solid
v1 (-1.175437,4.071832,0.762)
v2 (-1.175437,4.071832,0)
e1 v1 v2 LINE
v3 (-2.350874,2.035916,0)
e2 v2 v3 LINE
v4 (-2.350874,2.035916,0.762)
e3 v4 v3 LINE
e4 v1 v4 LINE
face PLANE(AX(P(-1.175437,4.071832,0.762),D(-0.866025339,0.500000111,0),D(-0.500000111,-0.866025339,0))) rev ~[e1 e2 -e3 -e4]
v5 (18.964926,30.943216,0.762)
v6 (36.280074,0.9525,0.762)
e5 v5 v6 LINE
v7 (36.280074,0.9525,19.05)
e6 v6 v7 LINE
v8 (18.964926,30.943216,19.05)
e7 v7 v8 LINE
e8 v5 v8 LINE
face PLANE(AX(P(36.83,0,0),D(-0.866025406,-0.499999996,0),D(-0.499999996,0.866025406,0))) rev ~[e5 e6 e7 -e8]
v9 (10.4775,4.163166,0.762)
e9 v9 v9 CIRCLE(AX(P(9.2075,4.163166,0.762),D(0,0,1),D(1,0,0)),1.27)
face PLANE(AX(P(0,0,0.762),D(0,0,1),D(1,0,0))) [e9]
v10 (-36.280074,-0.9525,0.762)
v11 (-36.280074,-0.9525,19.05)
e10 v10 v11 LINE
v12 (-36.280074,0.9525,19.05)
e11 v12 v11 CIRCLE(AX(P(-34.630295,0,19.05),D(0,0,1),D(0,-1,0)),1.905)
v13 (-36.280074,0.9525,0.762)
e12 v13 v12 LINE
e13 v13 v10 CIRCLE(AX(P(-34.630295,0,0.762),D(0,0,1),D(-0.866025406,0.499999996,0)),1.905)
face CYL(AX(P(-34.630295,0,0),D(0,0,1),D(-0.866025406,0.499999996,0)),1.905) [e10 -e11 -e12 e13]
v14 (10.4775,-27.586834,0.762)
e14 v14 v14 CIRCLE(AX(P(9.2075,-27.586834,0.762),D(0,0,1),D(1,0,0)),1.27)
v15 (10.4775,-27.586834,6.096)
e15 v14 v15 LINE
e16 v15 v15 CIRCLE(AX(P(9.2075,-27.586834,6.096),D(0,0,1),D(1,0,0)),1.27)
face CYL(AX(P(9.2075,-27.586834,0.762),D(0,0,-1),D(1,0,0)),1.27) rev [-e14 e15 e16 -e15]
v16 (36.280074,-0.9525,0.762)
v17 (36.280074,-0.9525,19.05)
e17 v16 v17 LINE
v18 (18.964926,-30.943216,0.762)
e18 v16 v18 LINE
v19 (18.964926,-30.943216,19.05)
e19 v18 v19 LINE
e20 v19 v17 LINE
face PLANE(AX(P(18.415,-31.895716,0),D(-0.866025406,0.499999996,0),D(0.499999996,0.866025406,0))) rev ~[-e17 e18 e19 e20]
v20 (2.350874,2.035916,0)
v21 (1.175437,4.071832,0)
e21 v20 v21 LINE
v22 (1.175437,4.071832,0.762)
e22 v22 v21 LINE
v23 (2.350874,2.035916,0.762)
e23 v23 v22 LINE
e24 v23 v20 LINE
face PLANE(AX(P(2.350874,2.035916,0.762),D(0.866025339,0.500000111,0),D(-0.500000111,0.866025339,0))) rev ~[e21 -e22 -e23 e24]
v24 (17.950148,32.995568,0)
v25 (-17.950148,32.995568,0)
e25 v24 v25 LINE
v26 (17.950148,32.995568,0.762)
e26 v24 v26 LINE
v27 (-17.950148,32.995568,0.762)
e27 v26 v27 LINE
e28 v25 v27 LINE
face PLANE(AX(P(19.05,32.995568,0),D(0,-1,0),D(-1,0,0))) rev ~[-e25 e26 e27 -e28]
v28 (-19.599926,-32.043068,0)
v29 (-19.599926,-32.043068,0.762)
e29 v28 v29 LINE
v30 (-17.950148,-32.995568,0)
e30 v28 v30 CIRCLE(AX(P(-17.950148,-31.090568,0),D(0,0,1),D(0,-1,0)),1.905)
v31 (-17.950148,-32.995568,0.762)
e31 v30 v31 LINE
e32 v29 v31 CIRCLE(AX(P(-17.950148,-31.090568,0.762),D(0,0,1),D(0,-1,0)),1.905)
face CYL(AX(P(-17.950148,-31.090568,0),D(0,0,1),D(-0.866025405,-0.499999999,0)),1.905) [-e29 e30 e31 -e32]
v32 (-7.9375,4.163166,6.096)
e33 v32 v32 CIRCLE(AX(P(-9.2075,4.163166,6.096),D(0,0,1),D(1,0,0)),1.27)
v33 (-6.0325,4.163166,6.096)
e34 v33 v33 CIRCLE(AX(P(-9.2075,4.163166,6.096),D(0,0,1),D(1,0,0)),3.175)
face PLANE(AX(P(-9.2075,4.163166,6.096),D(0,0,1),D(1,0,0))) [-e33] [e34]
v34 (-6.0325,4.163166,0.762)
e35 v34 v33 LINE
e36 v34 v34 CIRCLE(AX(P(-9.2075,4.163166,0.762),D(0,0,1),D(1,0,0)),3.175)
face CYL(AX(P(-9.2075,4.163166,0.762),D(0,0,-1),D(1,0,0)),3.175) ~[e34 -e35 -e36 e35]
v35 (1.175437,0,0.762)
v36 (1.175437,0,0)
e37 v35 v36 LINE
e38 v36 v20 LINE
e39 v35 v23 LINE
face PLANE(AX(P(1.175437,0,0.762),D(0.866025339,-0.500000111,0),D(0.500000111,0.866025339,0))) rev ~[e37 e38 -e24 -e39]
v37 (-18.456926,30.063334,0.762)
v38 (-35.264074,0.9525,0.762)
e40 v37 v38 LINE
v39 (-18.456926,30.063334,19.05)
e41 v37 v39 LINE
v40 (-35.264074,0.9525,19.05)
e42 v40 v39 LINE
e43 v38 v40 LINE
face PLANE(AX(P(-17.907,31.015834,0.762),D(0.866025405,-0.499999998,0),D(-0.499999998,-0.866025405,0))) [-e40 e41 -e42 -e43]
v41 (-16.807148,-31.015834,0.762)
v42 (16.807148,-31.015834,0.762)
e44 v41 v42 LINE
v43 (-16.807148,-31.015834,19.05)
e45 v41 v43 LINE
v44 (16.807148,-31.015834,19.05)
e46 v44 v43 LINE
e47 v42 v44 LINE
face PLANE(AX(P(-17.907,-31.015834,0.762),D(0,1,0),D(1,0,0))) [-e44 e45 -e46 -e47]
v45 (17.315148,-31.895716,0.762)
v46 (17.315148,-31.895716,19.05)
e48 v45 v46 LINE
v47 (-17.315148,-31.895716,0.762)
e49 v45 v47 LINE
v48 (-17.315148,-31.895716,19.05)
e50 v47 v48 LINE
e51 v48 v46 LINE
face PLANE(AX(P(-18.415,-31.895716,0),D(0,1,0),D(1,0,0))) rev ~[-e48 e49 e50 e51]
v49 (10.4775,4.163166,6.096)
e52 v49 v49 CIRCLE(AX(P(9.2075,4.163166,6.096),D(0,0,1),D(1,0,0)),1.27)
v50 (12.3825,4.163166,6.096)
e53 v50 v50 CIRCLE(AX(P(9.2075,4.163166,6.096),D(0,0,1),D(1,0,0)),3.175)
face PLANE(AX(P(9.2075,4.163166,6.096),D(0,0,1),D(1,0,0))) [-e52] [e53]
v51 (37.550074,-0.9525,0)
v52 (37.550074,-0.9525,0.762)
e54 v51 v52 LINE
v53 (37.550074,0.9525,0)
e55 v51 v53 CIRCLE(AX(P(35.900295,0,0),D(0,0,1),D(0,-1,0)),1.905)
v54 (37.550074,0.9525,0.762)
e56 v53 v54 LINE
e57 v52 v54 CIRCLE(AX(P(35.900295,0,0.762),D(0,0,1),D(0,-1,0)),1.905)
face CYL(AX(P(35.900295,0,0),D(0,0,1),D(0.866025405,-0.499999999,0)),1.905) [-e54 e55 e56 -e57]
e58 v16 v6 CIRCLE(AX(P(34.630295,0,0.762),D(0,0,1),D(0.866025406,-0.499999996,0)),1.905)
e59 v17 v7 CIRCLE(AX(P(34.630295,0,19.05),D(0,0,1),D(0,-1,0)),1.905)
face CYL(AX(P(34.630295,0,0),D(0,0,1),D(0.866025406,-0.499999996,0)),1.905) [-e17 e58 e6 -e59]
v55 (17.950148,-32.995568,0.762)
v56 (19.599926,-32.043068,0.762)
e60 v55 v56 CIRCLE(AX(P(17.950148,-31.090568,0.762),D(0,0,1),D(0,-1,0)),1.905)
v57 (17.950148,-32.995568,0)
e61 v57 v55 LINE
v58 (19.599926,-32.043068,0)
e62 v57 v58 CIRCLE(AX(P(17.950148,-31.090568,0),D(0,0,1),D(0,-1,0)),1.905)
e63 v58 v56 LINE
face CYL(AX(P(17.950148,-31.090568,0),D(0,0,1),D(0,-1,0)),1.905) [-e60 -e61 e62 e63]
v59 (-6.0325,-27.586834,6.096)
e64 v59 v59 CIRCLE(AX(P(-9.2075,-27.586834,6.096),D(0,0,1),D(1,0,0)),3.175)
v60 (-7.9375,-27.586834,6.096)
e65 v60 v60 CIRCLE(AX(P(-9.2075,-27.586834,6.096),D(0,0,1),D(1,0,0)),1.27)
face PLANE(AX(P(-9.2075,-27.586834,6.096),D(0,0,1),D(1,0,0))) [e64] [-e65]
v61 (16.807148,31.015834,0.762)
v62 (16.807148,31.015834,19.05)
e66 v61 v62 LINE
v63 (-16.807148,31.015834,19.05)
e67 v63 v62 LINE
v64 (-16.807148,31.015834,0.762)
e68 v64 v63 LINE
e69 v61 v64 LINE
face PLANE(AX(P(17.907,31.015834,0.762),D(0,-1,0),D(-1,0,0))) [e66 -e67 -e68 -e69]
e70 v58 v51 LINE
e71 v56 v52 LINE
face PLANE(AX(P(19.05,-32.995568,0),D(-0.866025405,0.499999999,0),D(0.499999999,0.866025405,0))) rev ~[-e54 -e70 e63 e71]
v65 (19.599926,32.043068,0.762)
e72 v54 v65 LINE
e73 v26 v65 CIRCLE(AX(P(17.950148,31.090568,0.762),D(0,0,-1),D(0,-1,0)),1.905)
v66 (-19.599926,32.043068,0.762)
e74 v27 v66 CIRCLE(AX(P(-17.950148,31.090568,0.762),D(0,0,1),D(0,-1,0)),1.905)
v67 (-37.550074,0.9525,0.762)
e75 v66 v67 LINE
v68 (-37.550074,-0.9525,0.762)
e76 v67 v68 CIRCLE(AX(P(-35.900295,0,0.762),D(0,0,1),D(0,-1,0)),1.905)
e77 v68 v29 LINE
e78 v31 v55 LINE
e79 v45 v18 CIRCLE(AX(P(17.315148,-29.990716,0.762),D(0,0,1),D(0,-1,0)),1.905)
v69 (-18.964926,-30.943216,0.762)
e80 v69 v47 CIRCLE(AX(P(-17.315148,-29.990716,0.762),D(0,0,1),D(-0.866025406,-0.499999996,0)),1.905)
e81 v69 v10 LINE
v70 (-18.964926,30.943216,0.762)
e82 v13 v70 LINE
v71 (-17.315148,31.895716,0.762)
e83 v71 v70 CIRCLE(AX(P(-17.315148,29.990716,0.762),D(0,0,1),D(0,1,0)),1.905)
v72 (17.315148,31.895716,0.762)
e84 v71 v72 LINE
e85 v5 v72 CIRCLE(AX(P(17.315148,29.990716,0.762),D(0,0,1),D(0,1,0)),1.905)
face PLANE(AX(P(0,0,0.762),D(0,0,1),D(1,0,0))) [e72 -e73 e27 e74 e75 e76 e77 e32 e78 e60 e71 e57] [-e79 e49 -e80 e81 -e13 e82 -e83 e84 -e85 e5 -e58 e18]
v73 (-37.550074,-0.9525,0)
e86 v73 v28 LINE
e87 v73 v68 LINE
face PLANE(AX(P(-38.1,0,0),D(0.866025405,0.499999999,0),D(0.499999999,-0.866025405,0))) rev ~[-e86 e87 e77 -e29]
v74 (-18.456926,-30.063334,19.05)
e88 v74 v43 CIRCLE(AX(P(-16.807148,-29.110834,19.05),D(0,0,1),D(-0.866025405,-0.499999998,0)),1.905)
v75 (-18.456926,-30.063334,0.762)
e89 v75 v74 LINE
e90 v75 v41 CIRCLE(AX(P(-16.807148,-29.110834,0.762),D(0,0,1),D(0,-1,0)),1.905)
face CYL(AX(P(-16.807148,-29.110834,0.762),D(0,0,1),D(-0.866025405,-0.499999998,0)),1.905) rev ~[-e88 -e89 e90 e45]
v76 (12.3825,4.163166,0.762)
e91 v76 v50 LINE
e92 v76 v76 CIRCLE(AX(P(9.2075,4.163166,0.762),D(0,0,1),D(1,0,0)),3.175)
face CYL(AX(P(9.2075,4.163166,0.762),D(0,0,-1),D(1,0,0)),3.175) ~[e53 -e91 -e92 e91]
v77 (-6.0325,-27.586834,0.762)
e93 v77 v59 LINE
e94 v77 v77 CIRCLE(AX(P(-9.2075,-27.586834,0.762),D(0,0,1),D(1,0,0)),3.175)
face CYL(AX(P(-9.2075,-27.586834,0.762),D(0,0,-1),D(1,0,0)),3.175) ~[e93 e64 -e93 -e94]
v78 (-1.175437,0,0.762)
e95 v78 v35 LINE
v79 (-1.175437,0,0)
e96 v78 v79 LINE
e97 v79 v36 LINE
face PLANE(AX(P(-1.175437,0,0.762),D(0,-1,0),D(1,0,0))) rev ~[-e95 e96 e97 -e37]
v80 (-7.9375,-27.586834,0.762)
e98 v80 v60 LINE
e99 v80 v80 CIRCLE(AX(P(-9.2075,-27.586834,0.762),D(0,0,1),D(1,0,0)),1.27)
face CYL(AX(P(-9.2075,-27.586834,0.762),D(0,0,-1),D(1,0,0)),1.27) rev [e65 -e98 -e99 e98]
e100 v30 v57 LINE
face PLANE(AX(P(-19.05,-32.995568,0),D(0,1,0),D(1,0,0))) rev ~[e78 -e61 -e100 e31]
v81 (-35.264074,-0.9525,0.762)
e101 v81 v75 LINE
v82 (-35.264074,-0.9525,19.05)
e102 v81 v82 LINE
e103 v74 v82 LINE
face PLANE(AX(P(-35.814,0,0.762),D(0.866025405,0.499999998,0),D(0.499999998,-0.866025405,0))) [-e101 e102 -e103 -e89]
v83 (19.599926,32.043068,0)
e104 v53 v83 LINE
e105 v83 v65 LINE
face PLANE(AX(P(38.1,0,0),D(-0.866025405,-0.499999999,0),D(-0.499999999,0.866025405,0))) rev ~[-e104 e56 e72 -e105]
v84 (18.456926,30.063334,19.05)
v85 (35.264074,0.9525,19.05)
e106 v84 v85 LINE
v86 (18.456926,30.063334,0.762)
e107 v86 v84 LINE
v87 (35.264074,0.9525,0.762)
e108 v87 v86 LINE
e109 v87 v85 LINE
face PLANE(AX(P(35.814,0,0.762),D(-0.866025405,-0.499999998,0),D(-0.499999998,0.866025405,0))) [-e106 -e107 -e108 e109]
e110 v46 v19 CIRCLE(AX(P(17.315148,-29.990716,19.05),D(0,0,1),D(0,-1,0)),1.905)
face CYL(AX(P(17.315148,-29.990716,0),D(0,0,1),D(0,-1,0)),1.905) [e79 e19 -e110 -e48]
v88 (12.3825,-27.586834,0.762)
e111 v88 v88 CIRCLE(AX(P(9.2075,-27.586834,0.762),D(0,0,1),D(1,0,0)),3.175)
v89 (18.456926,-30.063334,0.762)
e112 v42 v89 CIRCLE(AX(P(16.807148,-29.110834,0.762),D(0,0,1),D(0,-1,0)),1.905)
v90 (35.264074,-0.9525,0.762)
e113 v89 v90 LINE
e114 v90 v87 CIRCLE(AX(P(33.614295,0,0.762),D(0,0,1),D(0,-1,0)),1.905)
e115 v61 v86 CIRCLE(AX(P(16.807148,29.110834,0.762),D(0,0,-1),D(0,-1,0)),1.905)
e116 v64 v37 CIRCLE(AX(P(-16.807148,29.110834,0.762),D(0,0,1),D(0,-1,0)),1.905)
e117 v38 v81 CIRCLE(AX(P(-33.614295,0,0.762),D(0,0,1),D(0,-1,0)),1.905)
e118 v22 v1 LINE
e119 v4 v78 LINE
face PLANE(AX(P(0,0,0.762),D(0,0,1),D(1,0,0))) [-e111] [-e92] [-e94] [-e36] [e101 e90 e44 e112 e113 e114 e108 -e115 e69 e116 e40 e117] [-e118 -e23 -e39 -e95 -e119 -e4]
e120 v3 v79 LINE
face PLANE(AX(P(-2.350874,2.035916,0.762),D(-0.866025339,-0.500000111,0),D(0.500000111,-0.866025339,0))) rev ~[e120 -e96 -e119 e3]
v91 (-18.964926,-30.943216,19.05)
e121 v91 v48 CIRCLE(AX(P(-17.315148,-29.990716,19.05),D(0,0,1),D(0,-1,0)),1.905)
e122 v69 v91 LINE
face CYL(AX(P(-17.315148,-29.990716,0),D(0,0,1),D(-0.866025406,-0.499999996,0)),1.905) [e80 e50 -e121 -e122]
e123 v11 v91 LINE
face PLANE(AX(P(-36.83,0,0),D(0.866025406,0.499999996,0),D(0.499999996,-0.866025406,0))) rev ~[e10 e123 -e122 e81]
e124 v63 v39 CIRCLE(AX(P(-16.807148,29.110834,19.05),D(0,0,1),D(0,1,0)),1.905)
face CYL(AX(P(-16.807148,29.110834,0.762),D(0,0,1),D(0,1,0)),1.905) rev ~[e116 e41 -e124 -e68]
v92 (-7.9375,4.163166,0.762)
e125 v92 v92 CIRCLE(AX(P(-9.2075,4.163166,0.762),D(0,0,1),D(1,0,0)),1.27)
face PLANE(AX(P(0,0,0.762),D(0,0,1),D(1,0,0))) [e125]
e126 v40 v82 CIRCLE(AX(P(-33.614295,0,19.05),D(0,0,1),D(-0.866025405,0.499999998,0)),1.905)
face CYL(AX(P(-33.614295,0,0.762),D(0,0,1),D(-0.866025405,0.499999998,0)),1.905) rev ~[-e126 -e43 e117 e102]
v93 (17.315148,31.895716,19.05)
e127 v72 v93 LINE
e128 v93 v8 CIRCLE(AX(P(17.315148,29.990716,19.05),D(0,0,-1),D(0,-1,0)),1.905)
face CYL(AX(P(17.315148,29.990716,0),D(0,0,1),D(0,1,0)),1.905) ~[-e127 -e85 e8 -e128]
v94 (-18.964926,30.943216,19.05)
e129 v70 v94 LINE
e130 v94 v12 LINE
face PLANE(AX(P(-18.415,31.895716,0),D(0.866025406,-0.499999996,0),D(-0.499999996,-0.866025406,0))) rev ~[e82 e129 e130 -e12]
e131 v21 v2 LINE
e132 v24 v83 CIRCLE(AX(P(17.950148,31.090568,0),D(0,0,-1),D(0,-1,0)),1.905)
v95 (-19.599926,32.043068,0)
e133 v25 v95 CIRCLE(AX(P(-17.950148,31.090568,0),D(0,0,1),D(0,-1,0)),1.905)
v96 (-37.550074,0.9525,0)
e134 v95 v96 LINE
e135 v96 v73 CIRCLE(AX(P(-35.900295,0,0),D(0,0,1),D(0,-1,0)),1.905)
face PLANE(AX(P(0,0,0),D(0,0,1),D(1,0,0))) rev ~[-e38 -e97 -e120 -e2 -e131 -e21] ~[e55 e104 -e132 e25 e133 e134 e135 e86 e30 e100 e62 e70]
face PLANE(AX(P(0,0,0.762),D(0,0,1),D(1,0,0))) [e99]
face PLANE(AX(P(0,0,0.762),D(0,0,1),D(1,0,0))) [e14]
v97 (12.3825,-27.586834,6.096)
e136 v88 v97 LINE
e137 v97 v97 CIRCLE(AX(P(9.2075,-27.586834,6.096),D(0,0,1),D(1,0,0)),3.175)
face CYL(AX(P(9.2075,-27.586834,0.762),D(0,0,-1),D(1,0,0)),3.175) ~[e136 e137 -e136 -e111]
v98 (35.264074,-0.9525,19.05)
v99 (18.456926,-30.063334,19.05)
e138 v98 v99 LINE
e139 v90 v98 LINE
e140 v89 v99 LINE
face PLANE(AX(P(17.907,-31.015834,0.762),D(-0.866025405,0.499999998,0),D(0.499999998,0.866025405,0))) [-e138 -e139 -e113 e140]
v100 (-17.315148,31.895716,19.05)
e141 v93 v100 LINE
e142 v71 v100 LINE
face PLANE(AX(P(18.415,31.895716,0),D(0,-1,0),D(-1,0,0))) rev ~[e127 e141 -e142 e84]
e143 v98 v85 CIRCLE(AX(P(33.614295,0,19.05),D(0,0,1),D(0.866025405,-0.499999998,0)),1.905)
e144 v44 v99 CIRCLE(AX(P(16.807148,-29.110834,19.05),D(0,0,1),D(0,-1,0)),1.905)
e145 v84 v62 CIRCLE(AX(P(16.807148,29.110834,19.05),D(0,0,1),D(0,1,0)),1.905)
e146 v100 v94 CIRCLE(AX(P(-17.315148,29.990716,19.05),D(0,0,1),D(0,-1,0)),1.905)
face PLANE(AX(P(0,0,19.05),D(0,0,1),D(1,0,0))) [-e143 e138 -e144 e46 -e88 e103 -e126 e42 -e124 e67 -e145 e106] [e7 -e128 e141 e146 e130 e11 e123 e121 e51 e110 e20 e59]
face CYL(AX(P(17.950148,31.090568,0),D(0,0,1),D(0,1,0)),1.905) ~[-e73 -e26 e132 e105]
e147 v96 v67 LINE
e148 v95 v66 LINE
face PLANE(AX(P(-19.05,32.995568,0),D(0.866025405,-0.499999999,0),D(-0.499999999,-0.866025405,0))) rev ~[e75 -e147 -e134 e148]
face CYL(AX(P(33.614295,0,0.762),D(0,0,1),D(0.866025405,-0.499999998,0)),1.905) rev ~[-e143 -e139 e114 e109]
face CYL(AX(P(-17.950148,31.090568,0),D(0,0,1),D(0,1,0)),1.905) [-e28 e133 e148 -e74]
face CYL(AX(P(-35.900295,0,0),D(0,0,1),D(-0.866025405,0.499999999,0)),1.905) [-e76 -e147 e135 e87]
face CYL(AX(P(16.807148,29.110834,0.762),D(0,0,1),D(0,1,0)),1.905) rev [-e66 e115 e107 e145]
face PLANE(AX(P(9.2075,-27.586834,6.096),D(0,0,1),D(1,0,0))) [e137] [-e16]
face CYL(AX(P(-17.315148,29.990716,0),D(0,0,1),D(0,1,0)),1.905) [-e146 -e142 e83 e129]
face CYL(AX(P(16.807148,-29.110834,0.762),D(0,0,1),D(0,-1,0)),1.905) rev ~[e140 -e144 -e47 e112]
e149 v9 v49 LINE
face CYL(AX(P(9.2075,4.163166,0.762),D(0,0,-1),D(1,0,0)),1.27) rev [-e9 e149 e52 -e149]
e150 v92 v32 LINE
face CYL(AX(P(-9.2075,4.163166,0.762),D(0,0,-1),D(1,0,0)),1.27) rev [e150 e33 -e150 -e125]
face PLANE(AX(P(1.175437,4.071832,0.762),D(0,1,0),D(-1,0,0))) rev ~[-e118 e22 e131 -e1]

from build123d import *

# Parameters (mm, degrees)
F1_DEPTH  = 0.762
F2_R      = 1.905
F4_DEPTH  = 19.05
F5_R      = 1.905
F7_DEPTH  = 25.4
F8_R      = 1.905
F12_DEPTH = 25.4
F11_R     = 3.175
F11_R_2   = 1.27
F13_DEPTH = 5.334


with BuildPart() as f1:
    # F0 (on Top) → F1 (new body)
    with BuildSketch(Plane.XY):
        Polygon((19.05, 32.995568), (-19.05, 32.995568), (-38.1, 0), (-19.05, -32.995568), (19.05, -32.995568), (38.1, 0), align=None)
    extrude(amount=F1_DEPTH)

    # F2
    f2_edges = [f1.edges().sort_by_distance(p)[0] for p in [
        (38.1, 0, 0.381),
        (19.05, 32.995568, 0.381),
        (-19.05, 32.995568, 0.381),
        (-38.1, 0, 0.381),
        (-19.05, -32.995568, 0.381),
        (19.05, -32.995568, 0.381),
    ]]
    fillet(f2_edges, radius=F2_R)


with BuildPart() as f4:
    # F3 (on Top) → F4 (new body)
    with BuildSketch(Plane.XY):
        Polygon((18.415, 31.895716), (-18.415, 31.895716), (-36.83, 0), (-18.415, -31.895716), (18.415, -31.895716), (36.83, 0), align=None)
    extrude(amount=F4_DEPTH)

    # F5
    f5_edges = [f4.edges().sort_by_distance(p)[0] for p in [
        (-18.415, -31.895716, 9.525),
        (18.415, -31.895716, 9.525),
        (36.83, 0, 9.525),
        (-36.83, 0, 9.525),
        (18.415, 31.895716, 9.525),
        (-18.415, 31.895716, 9.525),
    ]]
    fillet(f5_edges, radius=F5_R)


with BuildPart() as f7:
    # F6 (on Top) → F7 (new body)
    with BuildSketch(Plane.XY):
        Polygon((17.907, 31.015834), (-17.907, 31.015834), (-35.814, 0), (-17.907, -31.015834), (17.907, -31.015834), (35.814, 0), align=None)
    extrude(amount=F7_DEPTH)

    # F8
    f8_edges = [f7.edges().sort_by_distance(p)[0] for p in [
        (-17.907, -31.015834, 12.7),
        (17.907, -31.015834, 12.7),
        (35.814, 0, 12.7),
        (-35.814, 0, 12.7),
        (17.907, 31.015834, 12.7),
        (-17.907, 31.015834, 12.7),
    ]]
    fillet(f8_edges, radius=F8_R)


with BuildPart() as f7_1:
    # F9: moved
    add(f7.part.moved(Location((0, 0, 0.762))))


with BuildPart() as f4_1:
    add(f4.part)

    # F10: cut F7
    add(f7_1.part, mode=Mode.SUBTRACT)


with BuildPart() as f12_tool:
    # F11 (on face) → F12 (new body)
    with BuildSketch(Plane.XY.offset(0.762)):
        Polygon((-1.175437, 0), (1.175437, 0), (2.350874, 2.035916), (1.175437, 4.071832), (-1.175437, 4.071832), (-2.350874, 2.035916), align=None)
    extrude(amount=-F12_DEPTH)


with BuildPart() as f1_1:
    add(f1.part)

    # F12: cut by f12_tool
    add(f12_tool.part, mode=Mode.SUBTRACT)



with BuildPart() as f4_2:
    add(f4_1.part)

    # F12: cut by f12_tool
    add(f12_tool.part, mode=Mode.SUBTRACT)


with BuildPart() as f1_2:
    add(f1_1.part)

    add(f4_2.part)  # F13 merges F4
    # F11 (on face) → F13 (join)
    with BuildSketch(Plane.XY.offset(0.762)):
        with Locations((-9.2075, 4.163166)):
            Circle(F11_R)
        with Locations((-9.2075, 4.163166)):
            Circle(F11_R_2, mode=Mode.SUBTRACT)
        with Locations((9.2075, 4.163166)):
            Circle(F11_R)
        with Locations((9.2075, 4.163166)):
            Circle(F11_R_2, mode=Mode.SUBTRACT)
        with Locations((9.2075, -27.586834)):
            Circle(F11_R)
        with Locations((9.2075, -27.586834)):
            Circle(F11_R_2, mode=Mode.SUBTRACT)
        with Locations((-9.2075, -27.586834)):
            Circle(F11_R)
        with Locations((-9.2075, -27.586834)):
            Circle(F11_R_2, mode=Mode.SUBTRACT)
    extrude(amount=F13_DEPTH)


solid = f1_2.part
